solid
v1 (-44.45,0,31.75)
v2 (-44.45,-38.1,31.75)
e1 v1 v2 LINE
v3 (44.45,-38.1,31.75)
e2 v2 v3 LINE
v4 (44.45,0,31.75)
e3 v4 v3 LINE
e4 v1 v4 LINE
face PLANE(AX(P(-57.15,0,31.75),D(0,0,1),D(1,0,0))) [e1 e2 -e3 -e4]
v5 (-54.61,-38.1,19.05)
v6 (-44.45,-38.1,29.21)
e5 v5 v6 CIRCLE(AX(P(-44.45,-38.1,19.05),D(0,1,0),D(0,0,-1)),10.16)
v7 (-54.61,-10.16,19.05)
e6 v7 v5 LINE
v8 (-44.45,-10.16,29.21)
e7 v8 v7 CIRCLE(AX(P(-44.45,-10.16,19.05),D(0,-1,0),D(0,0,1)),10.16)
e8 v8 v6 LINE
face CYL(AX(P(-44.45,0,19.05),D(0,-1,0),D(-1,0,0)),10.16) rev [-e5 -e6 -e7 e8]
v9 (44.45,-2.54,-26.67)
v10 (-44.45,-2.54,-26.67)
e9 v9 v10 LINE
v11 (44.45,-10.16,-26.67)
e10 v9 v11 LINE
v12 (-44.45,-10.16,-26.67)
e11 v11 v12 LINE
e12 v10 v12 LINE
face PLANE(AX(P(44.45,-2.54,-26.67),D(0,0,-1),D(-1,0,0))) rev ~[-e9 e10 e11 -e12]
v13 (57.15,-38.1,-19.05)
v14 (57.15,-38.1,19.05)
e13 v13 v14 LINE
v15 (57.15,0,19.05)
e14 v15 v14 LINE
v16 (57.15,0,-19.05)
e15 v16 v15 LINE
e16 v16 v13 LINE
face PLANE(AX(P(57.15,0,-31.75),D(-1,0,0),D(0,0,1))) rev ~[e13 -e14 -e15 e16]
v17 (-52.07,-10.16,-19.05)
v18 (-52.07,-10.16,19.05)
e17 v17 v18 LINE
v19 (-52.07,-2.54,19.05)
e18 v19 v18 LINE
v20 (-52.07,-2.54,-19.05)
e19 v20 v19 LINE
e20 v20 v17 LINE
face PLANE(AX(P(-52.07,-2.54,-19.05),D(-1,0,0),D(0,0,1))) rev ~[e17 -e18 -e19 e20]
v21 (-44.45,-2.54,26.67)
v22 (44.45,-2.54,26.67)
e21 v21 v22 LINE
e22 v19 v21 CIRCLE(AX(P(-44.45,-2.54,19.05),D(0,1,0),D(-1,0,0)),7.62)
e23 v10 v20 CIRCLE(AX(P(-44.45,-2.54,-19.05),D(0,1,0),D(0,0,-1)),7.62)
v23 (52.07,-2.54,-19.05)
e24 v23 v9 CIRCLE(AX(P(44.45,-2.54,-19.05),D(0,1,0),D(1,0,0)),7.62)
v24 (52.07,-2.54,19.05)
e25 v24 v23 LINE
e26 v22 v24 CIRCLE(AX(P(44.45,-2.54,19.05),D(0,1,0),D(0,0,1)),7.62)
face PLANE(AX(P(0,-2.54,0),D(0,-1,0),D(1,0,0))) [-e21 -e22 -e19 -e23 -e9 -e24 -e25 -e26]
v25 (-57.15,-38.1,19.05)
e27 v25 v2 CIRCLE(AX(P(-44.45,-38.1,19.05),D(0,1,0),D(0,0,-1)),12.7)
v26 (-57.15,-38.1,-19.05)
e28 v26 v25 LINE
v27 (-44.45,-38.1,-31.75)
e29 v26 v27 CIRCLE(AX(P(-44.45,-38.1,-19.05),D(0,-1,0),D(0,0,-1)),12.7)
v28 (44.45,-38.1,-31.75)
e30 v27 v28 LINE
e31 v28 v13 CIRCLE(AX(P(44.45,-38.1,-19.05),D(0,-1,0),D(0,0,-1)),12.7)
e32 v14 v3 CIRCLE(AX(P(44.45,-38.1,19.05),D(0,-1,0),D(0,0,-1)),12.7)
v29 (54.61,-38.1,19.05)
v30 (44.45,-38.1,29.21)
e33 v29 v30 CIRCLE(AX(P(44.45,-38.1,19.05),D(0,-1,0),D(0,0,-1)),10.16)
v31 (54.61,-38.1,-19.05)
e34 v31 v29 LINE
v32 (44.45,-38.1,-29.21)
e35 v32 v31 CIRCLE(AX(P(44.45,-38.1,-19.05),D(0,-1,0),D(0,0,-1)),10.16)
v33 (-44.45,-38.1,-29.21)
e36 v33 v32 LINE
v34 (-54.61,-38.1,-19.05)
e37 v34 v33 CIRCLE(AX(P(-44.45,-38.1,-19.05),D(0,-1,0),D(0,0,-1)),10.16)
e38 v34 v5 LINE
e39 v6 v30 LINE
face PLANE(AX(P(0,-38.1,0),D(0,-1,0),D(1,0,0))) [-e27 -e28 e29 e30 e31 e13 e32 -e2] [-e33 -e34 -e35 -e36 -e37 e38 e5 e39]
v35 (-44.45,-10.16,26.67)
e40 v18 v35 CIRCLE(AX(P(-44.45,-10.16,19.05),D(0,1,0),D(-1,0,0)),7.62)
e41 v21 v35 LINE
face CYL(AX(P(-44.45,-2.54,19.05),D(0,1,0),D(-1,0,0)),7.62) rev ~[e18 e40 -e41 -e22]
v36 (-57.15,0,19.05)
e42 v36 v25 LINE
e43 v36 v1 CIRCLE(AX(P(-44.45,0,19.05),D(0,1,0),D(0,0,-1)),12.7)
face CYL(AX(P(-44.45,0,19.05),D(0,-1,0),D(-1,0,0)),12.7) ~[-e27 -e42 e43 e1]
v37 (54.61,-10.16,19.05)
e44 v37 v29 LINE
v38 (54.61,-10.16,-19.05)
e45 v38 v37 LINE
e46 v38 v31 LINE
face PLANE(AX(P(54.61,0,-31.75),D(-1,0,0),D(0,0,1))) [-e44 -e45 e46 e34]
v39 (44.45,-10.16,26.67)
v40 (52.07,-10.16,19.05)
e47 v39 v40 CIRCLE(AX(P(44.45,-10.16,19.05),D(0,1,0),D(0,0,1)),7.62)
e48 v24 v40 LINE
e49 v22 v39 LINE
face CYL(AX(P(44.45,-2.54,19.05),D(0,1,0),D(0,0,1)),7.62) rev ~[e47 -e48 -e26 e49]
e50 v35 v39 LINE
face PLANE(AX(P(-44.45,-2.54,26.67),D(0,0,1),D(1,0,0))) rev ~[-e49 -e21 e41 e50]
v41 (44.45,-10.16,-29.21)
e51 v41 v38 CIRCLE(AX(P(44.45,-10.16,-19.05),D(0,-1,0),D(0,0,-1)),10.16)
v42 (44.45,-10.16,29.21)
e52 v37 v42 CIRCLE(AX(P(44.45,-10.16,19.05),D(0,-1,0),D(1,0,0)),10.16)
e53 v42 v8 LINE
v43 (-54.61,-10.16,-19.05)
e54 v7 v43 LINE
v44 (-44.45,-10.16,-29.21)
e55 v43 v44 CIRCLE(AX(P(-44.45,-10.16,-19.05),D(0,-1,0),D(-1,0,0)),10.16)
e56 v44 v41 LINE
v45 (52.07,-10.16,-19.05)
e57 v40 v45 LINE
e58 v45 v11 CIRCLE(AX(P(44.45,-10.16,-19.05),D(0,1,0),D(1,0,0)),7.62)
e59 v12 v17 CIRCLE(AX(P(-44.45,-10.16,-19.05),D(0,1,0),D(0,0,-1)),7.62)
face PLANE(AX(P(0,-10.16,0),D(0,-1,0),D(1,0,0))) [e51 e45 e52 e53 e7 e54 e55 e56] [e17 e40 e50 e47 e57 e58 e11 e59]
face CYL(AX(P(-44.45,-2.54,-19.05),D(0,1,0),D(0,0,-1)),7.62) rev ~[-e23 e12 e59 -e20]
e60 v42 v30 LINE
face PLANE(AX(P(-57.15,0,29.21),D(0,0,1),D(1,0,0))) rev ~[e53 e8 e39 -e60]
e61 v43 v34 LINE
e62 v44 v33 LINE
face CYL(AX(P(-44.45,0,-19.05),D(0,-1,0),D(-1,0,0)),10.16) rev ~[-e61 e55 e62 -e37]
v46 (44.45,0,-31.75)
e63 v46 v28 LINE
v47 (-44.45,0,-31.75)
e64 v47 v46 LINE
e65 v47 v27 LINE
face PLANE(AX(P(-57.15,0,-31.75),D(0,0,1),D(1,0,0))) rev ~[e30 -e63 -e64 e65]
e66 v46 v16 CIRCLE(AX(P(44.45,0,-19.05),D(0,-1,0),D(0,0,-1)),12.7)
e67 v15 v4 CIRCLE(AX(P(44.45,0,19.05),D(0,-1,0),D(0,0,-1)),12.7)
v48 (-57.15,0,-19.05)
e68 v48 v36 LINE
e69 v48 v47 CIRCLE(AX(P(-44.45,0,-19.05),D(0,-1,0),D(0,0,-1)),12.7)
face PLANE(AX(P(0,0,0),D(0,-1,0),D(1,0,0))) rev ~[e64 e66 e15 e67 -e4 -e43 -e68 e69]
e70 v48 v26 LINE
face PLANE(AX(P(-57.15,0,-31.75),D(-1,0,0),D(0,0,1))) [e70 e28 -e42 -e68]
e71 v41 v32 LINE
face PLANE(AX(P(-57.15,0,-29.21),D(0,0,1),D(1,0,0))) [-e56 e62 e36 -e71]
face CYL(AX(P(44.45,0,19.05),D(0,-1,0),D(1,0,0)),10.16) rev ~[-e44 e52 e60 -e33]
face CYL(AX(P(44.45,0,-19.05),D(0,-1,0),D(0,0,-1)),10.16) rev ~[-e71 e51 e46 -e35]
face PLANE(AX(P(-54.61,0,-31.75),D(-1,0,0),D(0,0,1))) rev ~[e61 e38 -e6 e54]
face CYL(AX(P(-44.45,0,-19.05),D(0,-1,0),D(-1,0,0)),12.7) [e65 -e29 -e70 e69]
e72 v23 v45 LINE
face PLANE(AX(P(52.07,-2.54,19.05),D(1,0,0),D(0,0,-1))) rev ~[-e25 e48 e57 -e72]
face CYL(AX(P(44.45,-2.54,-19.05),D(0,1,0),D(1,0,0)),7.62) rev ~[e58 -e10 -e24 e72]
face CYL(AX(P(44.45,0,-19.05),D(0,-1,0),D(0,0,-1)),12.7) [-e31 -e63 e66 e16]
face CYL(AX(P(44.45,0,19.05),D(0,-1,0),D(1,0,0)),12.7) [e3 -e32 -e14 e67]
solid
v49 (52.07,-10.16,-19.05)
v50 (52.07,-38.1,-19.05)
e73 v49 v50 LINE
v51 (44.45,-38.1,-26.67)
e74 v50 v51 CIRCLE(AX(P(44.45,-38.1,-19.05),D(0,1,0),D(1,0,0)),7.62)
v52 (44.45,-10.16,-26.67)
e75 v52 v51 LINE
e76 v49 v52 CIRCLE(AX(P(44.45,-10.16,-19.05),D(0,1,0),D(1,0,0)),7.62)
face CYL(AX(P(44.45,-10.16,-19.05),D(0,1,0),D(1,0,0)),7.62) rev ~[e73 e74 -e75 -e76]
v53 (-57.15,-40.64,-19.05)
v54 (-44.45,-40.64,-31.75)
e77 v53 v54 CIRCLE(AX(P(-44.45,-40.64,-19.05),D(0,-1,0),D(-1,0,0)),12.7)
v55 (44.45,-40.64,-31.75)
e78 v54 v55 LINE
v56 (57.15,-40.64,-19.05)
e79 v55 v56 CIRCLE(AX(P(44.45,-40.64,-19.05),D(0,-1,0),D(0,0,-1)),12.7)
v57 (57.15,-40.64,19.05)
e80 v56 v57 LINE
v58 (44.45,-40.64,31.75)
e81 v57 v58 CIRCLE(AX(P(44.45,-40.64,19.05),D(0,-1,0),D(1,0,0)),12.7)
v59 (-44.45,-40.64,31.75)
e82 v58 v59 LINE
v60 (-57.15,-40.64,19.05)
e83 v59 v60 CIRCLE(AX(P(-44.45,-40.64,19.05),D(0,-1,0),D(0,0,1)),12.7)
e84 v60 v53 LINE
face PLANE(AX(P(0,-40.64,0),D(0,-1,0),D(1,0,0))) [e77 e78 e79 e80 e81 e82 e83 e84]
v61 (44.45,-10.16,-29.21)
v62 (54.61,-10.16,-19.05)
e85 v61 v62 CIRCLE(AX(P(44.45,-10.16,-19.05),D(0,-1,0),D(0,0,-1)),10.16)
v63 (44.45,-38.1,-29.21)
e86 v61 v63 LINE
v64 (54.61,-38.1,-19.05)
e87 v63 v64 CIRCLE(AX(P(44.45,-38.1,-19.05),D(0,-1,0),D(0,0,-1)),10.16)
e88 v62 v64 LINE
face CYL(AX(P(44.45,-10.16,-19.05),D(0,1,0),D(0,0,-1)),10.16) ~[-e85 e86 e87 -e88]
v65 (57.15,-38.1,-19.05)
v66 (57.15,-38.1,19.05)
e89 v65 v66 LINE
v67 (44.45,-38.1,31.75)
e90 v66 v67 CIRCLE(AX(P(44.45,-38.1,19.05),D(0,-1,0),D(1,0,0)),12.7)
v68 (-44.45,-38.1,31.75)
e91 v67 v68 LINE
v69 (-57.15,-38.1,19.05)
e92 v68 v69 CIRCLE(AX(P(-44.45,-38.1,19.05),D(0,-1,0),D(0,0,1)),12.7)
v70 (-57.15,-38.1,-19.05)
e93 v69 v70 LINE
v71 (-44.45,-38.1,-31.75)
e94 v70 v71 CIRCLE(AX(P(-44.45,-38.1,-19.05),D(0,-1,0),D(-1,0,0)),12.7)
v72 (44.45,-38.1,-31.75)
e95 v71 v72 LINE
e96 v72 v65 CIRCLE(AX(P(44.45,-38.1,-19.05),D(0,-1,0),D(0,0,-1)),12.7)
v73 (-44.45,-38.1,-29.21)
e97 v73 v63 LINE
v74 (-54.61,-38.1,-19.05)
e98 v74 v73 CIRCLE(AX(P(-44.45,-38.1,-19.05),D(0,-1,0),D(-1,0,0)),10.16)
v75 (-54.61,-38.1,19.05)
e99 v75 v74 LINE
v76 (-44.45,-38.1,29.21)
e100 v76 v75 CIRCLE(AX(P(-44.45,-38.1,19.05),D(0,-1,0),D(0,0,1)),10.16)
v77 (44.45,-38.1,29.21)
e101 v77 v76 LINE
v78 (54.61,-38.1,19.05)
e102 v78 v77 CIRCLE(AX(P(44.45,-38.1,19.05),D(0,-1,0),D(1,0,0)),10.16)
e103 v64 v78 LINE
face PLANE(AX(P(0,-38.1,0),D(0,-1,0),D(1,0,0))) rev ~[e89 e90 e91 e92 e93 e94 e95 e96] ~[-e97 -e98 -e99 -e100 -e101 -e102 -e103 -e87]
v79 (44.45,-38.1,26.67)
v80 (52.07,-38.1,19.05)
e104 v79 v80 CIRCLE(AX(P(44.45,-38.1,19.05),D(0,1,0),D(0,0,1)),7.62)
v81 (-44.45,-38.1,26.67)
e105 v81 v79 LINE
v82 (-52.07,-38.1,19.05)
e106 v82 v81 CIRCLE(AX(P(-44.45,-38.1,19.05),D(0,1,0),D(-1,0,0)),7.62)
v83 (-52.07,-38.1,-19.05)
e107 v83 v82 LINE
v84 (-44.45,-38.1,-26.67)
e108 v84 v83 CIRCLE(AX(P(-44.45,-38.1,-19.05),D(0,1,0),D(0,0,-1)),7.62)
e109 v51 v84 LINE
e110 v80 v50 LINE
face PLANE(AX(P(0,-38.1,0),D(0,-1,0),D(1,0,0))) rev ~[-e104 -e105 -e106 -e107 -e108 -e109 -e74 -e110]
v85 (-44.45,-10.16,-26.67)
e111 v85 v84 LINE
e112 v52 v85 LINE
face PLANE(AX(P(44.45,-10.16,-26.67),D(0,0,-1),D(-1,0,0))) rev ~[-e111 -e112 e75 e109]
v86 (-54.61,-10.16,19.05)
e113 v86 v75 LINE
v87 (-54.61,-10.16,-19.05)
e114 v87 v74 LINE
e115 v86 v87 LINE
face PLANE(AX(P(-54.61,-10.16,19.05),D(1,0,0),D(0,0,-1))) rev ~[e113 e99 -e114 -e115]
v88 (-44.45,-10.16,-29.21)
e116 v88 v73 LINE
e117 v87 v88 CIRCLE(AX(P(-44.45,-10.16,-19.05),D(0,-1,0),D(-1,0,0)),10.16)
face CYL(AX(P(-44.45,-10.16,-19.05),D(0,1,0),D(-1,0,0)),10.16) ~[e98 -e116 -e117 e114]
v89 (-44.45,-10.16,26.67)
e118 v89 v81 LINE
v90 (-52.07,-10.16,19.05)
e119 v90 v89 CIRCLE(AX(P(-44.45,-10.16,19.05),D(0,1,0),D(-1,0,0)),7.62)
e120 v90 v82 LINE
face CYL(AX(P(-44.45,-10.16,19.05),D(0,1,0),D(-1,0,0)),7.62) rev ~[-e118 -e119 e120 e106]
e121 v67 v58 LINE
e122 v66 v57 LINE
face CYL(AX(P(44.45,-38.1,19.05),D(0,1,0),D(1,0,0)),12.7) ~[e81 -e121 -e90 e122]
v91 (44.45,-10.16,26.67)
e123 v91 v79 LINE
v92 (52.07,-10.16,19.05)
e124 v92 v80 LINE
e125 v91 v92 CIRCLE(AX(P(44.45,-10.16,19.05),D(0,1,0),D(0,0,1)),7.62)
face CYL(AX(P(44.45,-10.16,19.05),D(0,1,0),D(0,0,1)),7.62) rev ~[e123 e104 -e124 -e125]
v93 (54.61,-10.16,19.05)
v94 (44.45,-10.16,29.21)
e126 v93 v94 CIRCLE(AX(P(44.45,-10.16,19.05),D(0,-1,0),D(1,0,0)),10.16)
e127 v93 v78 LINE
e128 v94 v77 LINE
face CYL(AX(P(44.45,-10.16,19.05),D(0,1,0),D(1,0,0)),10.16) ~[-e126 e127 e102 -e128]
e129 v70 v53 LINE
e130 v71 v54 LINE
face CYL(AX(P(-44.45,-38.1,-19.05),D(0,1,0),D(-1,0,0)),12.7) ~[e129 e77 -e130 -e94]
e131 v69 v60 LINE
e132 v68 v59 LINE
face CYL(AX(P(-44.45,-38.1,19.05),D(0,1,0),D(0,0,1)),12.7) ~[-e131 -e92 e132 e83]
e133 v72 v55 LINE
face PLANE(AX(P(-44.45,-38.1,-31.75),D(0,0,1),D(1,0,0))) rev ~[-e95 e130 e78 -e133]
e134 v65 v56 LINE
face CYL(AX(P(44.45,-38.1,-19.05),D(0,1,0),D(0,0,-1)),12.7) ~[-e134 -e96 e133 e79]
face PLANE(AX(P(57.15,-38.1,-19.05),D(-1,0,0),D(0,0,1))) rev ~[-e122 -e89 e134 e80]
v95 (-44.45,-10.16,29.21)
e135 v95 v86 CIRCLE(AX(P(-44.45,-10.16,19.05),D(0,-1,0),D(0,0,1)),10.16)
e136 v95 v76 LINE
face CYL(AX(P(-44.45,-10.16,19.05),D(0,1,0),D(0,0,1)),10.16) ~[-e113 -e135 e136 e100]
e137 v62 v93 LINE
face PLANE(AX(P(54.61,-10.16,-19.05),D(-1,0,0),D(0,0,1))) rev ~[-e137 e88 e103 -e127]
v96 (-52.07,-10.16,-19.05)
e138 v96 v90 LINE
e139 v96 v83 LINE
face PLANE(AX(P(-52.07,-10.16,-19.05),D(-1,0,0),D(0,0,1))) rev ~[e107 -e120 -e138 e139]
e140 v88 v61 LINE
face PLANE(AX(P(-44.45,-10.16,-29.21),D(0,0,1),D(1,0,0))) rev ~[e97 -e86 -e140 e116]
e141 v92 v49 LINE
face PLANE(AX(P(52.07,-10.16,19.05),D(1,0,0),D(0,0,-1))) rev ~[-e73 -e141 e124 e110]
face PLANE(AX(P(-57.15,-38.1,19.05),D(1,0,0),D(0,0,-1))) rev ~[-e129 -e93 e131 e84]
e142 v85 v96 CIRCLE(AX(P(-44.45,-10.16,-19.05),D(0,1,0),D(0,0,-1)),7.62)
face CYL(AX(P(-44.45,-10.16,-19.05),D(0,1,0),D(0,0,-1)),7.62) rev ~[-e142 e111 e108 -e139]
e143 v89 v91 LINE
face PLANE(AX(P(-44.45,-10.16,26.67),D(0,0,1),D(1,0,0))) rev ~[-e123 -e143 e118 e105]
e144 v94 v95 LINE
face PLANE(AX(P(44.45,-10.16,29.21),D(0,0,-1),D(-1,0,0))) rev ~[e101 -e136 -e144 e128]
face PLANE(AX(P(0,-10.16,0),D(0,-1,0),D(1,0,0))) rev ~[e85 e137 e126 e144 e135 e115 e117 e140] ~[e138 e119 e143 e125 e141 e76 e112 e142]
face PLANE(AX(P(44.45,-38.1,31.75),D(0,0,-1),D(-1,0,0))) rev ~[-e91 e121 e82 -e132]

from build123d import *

# Parameters (mm, degrees)
F5_W     = 114.3
F5_H     = 63.5
F6_DEPTH = 38.1
F0_R     = 12.7
F1_T     = -2.54
F8_DEPTH = 7.62
F9_DEPTH = 27.94
F3_DEPTH = 2.54


with BuildPart() as f6:
    # F5 (on Front) → F6 (new body)
    with BuildSketch(Plane.XZ):
        Rectangle(F5_W, F5_H)
    extrude(amount=F6_DEPTH)

    # F0
    f0_edges = [f6.edges().sort_by_distance(p)[0] for p in [
        (57.15, -19.05, 31.75),
        (57.15, -19.05, -31.75),
        (-57.15, -19.05, -31.75),
        (-57.15, -19.05, 31.75),
    ]]
    fillet(f0_edges, radius=F0_R)

    # F1
    f1_openings = [f6.faces().sort_by_distance(p)[0] for p in [
        (0, -38.1, 0),
    ]]
    offset(amount=F1_T, openings=f1_openings)

    # F7 (on face) → F8 (join)
    with BuildSketch(Plane.XZ.offset(2.54)):
        with BuildLine():
            ThreePointArc((54.61, 19.05), (51.6342048969, 26.2342048969), (44.45, 29.21))
            Line((44.45, 29.21), (-44.45, 29.21))
            ThreePointArc((-44.45, 29.21), (-51.6342048969, 26.2342048969), (-54.61, 19.05))
            Line((-54.61, 19.05), (-54.61, -19.05))
            ThreePointArc((-54.61, -19.05), (-51.6342048969, -26.2342048969), (-44.45, -29.21))
            Line((-44.45, -29.21), (44.45, -29.21))
            ThreePointArc((44.45, -29.21), (51.6342048969, -26.2342048969), (54.61, -19.05))
            Line((54.61, -19.05), (54.61, 19.05))
        make_face()
        with BuildLine():
            Line((-44.45, 26.67), (44.45, 26.67))
            ThreePointArc((44.45, 26.67), (49.8381536726, 24.4381536726), (52.07, 19.05))
            Line((52.07, 19.05), (52.07, -19.05))
            ThreePointArc((52.07, -19.05), (49.8381536726, -24.4381536726), (44.45, -26.67))
            Line((44.45, -26.67), (-44.45, -26.67))
            ThreePointArc((-44.45, -26.67), (-49.8381536726, -24.4381536726), (-52.07, -19.05))
            Line((-52.07, -19.05), (-52.07, 19.05))
            ThreePointArc((-52.07, 19.05), (-49.8381536726, 24.4381536726), (-44.45, 26.67))
        make_face(mode=Mode.SUBTRACT)
    extrude(amount=F8_DEPTH)


with BuildPart() as f9:
    # F9 (new): a face of the model
    f9_faces = [f6.part.faces().sort_by_distance(p)[0] for p in [
        (50.7583651627, -10.16, 25.3583651627),
    ]]
    extrude(f9_faces, amount=F9_DEPTH)

    # F2 (on face) → F3 (join)
    with BuildSketch(Plane.XZ.offset(38.1)):
        with BuildLine():
            ThreePointArc((44.45, -31.75), (53.4302561211, -28.0302561211), (57.15, -19.05))
            Line((57.15, -19.05), (57.15, 19.05))
            ThreePointArc((57.15, 19.05), (53.4302561211, 28.0302561211), (44.45, 31.75))
            Line((44.45, 31.75), (-44.45, 31.75))
            ThreePointArc((-44.45, 31.75), (-53.4302561211, 28.0302561211), (-57.15, 19.05))
            Line((-57.15, 19.05), (-57.15, -19.05))
            ThreePointArc((-57.15, -19.05), (-53.4302561211, -28.0302561211), (-44.45, -31.75))
            Line((-44.45, -31.75), (44.45, -31.75))
        make_face()
    extrude(amount=F3_DEPTH)


solid = Compound([f6.part, f9.part])
